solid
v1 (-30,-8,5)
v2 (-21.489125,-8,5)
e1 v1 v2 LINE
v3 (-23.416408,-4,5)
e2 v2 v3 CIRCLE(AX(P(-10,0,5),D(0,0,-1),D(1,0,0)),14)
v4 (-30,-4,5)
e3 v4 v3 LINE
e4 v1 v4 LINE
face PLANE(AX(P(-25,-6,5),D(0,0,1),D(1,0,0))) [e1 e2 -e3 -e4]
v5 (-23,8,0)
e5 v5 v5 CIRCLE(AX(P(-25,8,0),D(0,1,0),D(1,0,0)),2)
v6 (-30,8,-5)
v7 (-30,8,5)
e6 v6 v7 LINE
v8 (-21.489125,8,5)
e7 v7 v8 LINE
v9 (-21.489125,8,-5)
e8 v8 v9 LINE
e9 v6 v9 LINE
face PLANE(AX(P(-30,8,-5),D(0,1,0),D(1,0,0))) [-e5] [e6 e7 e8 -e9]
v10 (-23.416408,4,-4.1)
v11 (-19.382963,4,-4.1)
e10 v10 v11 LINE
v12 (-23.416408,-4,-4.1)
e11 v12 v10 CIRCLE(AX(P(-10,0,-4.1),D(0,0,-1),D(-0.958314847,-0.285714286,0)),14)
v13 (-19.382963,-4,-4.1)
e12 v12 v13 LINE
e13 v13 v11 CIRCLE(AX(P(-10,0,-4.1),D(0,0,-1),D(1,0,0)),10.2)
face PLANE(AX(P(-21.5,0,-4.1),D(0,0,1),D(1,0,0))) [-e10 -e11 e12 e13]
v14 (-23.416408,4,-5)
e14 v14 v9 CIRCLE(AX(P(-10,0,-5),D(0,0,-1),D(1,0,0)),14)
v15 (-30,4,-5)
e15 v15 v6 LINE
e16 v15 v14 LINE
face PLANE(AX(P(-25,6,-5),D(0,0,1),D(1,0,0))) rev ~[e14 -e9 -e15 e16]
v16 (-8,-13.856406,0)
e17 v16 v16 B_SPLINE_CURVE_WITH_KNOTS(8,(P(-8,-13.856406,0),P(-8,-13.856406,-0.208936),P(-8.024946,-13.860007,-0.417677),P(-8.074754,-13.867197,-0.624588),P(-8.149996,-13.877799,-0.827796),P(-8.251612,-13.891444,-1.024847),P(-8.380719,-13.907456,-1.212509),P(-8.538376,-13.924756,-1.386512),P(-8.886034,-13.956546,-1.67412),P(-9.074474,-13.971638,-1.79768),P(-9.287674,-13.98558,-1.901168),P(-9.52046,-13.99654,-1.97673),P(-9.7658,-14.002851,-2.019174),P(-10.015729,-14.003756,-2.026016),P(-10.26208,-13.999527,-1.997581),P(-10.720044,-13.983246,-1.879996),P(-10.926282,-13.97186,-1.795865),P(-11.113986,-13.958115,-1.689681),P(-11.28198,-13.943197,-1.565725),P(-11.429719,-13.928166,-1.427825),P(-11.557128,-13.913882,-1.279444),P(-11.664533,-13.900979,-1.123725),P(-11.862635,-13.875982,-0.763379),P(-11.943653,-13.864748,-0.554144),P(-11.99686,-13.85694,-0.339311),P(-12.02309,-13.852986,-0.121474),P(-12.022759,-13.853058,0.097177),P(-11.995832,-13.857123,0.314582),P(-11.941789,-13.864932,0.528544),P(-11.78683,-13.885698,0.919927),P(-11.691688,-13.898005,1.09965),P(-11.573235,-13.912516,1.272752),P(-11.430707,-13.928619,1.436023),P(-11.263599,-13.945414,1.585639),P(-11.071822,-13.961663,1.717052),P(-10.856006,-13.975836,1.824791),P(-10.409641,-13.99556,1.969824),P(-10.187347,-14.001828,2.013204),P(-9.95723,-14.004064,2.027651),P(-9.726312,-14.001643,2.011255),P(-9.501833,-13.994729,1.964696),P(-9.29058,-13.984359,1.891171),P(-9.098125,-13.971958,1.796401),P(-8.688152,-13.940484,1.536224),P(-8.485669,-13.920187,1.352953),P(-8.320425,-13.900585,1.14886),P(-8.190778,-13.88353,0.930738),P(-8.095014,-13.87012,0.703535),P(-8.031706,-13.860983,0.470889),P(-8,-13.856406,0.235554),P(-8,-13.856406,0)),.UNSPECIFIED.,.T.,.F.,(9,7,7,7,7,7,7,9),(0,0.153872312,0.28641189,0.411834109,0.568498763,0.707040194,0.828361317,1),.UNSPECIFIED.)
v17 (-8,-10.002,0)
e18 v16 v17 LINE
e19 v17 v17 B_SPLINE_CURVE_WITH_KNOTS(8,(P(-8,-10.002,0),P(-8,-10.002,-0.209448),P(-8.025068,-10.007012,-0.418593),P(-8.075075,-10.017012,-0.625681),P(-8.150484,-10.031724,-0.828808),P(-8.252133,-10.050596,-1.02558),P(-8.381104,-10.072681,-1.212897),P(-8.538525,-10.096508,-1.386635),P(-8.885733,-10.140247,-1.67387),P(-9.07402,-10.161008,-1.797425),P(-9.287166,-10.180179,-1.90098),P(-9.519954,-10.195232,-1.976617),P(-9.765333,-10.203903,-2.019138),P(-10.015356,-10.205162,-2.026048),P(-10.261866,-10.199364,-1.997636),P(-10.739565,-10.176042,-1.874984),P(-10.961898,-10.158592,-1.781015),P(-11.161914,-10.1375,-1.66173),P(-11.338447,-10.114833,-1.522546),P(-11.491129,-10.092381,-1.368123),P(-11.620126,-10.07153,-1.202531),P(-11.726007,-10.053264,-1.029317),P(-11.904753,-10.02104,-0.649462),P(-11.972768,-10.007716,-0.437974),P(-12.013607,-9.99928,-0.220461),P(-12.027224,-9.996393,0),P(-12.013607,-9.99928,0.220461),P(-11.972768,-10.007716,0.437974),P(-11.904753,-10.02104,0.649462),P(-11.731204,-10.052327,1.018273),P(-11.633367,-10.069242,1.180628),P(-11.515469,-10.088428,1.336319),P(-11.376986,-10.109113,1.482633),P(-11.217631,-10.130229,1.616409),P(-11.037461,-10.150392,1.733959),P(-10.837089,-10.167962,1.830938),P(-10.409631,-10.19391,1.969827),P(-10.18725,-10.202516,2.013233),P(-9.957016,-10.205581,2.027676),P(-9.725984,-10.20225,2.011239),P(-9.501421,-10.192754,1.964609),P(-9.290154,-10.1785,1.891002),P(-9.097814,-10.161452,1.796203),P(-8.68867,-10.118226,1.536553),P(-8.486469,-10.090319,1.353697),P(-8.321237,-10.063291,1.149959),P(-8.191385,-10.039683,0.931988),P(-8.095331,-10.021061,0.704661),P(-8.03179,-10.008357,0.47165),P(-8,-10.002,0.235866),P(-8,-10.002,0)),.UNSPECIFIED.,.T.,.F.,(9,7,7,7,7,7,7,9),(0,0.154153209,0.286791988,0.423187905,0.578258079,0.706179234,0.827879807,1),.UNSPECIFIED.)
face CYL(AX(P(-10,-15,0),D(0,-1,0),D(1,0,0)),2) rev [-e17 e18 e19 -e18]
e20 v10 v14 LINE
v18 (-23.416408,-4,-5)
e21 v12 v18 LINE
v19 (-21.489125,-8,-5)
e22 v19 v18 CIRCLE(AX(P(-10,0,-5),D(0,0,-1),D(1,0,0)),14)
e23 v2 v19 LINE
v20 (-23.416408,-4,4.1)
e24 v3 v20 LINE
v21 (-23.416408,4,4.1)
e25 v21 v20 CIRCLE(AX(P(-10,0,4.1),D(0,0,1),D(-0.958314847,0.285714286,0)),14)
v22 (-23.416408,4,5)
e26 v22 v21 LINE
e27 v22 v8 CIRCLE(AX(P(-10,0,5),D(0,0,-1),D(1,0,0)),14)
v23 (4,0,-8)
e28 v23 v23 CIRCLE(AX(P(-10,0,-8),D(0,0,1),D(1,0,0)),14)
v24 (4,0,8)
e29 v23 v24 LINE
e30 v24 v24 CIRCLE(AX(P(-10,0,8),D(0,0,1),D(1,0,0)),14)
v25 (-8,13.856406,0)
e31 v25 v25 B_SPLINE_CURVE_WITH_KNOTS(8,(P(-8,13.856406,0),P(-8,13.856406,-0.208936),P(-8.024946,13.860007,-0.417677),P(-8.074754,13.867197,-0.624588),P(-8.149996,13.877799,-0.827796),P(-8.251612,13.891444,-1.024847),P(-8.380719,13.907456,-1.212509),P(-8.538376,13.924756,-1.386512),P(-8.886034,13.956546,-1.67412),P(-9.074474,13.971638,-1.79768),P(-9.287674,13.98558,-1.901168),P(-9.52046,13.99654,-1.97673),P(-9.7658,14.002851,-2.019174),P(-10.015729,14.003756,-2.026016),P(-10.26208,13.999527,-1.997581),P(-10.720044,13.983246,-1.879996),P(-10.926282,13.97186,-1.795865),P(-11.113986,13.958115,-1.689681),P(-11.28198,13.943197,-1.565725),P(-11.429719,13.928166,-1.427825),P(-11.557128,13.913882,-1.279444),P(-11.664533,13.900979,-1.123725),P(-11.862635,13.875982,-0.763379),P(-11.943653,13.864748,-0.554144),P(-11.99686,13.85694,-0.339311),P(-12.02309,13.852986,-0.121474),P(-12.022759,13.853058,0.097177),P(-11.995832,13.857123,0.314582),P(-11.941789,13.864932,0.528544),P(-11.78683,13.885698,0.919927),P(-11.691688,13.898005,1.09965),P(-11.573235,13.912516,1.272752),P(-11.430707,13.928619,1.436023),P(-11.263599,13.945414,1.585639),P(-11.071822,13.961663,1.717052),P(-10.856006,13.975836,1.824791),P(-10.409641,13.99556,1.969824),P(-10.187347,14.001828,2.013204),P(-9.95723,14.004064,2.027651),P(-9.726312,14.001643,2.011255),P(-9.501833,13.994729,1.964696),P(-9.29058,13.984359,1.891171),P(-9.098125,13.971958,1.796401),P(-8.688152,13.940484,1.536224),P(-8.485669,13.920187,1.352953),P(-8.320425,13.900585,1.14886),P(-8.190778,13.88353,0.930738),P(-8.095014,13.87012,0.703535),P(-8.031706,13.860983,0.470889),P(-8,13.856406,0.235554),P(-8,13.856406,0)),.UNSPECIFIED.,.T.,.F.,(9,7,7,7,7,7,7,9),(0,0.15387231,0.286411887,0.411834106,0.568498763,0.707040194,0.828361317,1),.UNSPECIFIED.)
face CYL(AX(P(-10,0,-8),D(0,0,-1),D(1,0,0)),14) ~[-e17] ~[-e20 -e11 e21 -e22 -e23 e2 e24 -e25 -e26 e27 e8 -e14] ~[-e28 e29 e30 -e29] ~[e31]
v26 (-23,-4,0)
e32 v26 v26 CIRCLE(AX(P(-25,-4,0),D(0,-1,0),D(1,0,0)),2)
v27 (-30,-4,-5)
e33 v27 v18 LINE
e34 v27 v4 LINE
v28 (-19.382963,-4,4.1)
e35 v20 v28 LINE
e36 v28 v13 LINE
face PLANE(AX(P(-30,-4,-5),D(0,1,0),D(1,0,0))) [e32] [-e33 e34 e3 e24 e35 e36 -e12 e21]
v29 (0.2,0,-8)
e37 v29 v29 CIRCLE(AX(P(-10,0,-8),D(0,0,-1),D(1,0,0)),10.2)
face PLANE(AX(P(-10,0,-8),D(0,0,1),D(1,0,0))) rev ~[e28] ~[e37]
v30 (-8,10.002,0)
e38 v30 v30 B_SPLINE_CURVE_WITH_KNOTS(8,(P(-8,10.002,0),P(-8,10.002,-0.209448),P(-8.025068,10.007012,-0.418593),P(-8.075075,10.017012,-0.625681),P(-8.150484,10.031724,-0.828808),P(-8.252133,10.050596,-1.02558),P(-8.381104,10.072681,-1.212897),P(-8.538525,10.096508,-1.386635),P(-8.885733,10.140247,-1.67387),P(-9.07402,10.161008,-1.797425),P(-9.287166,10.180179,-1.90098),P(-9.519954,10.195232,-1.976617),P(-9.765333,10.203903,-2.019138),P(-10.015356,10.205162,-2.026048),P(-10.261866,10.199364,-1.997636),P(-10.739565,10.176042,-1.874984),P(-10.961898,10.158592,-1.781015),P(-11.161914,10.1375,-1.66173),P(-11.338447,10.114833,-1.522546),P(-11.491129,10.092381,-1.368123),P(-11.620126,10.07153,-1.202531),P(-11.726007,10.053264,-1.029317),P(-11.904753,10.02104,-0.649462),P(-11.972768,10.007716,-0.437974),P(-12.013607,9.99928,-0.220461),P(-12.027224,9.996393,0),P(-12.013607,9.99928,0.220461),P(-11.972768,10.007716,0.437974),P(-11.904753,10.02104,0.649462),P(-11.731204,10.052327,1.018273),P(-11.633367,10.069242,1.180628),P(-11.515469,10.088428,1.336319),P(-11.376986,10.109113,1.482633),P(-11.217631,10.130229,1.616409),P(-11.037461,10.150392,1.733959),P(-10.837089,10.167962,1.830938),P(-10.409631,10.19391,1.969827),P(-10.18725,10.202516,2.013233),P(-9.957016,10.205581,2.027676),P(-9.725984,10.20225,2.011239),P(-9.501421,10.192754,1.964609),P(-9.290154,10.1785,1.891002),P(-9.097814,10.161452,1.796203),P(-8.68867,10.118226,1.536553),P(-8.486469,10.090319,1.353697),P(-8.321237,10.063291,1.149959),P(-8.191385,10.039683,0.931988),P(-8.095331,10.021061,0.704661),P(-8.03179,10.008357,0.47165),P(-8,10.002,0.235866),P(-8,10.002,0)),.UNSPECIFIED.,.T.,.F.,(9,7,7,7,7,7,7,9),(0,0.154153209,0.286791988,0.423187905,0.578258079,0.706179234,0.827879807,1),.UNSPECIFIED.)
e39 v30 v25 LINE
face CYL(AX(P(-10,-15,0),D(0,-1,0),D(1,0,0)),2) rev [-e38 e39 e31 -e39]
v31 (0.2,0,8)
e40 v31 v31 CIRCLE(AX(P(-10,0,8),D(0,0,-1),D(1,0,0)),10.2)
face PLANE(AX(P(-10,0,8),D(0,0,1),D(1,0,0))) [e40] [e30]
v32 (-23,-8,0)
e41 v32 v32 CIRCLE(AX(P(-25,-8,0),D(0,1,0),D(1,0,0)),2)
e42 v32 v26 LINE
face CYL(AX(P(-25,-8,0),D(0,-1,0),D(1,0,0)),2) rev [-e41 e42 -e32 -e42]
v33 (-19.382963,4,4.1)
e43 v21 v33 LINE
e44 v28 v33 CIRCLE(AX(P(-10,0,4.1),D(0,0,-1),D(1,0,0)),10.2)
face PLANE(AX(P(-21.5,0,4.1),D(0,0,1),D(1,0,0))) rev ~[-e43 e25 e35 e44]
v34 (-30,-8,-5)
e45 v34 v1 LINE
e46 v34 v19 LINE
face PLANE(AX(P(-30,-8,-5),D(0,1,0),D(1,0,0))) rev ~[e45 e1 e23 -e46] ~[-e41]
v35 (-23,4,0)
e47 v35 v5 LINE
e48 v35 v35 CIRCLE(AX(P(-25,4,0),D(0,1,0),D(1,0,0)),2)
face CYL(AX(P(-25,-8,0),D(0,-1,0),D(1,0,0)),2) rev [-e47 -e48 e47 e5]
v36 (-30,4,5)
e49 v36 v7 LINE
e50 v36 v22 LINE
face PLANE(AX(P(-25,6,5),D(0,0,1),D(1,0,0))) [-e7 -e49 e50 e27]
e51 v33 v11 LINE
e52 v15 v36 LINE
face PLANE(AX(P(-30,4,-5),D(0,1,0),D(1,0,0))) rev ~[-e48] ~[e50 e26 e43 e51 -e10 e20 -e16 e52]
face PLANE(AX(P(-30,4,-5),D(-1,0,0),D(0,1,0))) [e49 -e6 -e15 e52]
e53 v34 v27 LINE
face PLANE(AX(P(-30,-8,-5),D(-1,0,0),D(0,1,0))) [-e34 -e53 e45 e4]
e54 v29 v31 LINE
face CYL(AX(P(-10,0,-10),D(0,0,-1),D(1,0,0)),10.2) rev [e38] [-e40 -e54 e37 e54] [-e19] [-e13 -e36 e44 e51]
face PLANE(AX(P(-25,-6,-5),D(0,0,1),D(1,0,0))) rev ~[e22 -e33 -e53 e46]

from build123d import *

# Parameters (mm, degrees)
CYLINDER004_R          = 2
CYLINDER004_DEPTH      = 16
CYLINDER004_ROLL_ANGLE = -90
BOX001_W               = 5
BOX001_H               = 8
BOX001_DEPTH           = 8.2
CYLINDER006_R          = 2
CYLINDER006_DEPTH      = 30
CYLINDER006_ROLL_ANGLE = -90
CYLINDER002_R          = 10.2
CYLINDER002_DEPTH      = 28
BOX_W                  = 10
BOX_H                  = 4
BOX_DEPTH              = 10
BOX002_W               = 10
BOX002_H               = 4
BOX002_DEPTH           = 10
CYLINDER_R             = 14
CYLINDER_DEPTH         = 16


with BuildPart() as cylinder004:
    # Cylinder004 → Cylinder004 (new body)
    with BuildSketch(Plane.XY):
        Circle(CYLINDER004_R)
    extrude(amount=CYLINDER004_DEPTH)


with BuildPart() as cylinder004_1:
    # Cylinder004 roll: moved
    add(cylinder004.part.rotate(Axis((0, 0, 0), (1, 0, 0)), CYLINDER004_ROLL_ANGLE))


with BuildPart() as cylinder004_2:
    # Cylinder004 placement: moved
    add(cylinder004_1.part.moved(Location((-25, -8, 0))))


with BuildPart() as cube001:
    # Box001 → Box001 (new body)
    with BuildSketch(Plane(origin=(-24, -4, -4.1), x_dir=(1, 0, 0), z_dir=(0, 0, 1))):
        with Locations((2.5, 4)):
            Rectangle(BOX001_W, BOX001_H)
    extrude(amount=BOX001_DEPTH)


with BuildPart() as cylinder006:
    # Cylinder006 → Cylinder006 (new body)
    with BuildSketch(Plane.XY):
        Circle(CYLINDER006_R)
    extrude(amount=CYLINDER006_DEPTH)


with BuildPart() as cylinder006_1:
    # Cylinder006 roll: moved
    add(cylinder006.part.rotate(Axis((0, 0, 0), (1, 0, 0)), CYLINDER006_ROLL_ANGLE))


with BuildPart() as cylinder006_2:
    # Cylinder006 placement: moved
    add(cylinder006_1.part.moved(Location((-10, -15, 0))))


with BuildPart() as negative_fusion:
    # Cylinder002 → Cylinder002 (new body)
    with BuildSketch(Plane(origin=(-10, 0, -10), x_dir=(1, 0, 0), z_dir=(0, 0, 1))):
        Circle(CYLINDER002_R)
    extrude(amount=CYLINDER002_DEPTH)

    # Fusion001: union Cylinder004, Cube001, Cylinder006
    add(cylinder004_2.part)
    add(cube001.part)
    add(cylinder006_2.part)


with BuildPart() as cube:
    # Box → Box (new body)
    with BuildSketch(Plane(origin=(-30, -8, -5), x_dir=(1, 0, 0), z_dir=(0, 0, 1))):
        with Locations((5, 2)):
            Rectangle(BOX_W, BOX_H)
    extrude(amount=BOX_DEPTH)


with BuildPart() as cube002:
    # Box002 → Box002 (new body)
    with BuildSketch(Plane(origin=(-30, 4, -5), x_dir=(1, 0, 0), z_dir=(0, 0, 1))):
        with Locations((5, 2)):
            Rectangle(BOX002_W, BOX002_H)
    extrude(amount=BOX002_DEPTH)


with BuildPart() as cut:
    # Cylinder → Cylinder (new body)
    with BuildSketch(Plane(origin=(-10, 0, -8), x_dir=(1, 0, 0), z_dir=(0, 0, 1))):
        Circle(CYLINDER_R)
    extrude(amount=CYLINDER_DEPTH)

    # Fusion: union Cube, Cube002
    add(cube.part)
    add(cube002.part)

    # Cut: cut Negative Fusion
    add(negative_fusion.part, mode=Mode.SUBTRACT)


solid = cut.part
